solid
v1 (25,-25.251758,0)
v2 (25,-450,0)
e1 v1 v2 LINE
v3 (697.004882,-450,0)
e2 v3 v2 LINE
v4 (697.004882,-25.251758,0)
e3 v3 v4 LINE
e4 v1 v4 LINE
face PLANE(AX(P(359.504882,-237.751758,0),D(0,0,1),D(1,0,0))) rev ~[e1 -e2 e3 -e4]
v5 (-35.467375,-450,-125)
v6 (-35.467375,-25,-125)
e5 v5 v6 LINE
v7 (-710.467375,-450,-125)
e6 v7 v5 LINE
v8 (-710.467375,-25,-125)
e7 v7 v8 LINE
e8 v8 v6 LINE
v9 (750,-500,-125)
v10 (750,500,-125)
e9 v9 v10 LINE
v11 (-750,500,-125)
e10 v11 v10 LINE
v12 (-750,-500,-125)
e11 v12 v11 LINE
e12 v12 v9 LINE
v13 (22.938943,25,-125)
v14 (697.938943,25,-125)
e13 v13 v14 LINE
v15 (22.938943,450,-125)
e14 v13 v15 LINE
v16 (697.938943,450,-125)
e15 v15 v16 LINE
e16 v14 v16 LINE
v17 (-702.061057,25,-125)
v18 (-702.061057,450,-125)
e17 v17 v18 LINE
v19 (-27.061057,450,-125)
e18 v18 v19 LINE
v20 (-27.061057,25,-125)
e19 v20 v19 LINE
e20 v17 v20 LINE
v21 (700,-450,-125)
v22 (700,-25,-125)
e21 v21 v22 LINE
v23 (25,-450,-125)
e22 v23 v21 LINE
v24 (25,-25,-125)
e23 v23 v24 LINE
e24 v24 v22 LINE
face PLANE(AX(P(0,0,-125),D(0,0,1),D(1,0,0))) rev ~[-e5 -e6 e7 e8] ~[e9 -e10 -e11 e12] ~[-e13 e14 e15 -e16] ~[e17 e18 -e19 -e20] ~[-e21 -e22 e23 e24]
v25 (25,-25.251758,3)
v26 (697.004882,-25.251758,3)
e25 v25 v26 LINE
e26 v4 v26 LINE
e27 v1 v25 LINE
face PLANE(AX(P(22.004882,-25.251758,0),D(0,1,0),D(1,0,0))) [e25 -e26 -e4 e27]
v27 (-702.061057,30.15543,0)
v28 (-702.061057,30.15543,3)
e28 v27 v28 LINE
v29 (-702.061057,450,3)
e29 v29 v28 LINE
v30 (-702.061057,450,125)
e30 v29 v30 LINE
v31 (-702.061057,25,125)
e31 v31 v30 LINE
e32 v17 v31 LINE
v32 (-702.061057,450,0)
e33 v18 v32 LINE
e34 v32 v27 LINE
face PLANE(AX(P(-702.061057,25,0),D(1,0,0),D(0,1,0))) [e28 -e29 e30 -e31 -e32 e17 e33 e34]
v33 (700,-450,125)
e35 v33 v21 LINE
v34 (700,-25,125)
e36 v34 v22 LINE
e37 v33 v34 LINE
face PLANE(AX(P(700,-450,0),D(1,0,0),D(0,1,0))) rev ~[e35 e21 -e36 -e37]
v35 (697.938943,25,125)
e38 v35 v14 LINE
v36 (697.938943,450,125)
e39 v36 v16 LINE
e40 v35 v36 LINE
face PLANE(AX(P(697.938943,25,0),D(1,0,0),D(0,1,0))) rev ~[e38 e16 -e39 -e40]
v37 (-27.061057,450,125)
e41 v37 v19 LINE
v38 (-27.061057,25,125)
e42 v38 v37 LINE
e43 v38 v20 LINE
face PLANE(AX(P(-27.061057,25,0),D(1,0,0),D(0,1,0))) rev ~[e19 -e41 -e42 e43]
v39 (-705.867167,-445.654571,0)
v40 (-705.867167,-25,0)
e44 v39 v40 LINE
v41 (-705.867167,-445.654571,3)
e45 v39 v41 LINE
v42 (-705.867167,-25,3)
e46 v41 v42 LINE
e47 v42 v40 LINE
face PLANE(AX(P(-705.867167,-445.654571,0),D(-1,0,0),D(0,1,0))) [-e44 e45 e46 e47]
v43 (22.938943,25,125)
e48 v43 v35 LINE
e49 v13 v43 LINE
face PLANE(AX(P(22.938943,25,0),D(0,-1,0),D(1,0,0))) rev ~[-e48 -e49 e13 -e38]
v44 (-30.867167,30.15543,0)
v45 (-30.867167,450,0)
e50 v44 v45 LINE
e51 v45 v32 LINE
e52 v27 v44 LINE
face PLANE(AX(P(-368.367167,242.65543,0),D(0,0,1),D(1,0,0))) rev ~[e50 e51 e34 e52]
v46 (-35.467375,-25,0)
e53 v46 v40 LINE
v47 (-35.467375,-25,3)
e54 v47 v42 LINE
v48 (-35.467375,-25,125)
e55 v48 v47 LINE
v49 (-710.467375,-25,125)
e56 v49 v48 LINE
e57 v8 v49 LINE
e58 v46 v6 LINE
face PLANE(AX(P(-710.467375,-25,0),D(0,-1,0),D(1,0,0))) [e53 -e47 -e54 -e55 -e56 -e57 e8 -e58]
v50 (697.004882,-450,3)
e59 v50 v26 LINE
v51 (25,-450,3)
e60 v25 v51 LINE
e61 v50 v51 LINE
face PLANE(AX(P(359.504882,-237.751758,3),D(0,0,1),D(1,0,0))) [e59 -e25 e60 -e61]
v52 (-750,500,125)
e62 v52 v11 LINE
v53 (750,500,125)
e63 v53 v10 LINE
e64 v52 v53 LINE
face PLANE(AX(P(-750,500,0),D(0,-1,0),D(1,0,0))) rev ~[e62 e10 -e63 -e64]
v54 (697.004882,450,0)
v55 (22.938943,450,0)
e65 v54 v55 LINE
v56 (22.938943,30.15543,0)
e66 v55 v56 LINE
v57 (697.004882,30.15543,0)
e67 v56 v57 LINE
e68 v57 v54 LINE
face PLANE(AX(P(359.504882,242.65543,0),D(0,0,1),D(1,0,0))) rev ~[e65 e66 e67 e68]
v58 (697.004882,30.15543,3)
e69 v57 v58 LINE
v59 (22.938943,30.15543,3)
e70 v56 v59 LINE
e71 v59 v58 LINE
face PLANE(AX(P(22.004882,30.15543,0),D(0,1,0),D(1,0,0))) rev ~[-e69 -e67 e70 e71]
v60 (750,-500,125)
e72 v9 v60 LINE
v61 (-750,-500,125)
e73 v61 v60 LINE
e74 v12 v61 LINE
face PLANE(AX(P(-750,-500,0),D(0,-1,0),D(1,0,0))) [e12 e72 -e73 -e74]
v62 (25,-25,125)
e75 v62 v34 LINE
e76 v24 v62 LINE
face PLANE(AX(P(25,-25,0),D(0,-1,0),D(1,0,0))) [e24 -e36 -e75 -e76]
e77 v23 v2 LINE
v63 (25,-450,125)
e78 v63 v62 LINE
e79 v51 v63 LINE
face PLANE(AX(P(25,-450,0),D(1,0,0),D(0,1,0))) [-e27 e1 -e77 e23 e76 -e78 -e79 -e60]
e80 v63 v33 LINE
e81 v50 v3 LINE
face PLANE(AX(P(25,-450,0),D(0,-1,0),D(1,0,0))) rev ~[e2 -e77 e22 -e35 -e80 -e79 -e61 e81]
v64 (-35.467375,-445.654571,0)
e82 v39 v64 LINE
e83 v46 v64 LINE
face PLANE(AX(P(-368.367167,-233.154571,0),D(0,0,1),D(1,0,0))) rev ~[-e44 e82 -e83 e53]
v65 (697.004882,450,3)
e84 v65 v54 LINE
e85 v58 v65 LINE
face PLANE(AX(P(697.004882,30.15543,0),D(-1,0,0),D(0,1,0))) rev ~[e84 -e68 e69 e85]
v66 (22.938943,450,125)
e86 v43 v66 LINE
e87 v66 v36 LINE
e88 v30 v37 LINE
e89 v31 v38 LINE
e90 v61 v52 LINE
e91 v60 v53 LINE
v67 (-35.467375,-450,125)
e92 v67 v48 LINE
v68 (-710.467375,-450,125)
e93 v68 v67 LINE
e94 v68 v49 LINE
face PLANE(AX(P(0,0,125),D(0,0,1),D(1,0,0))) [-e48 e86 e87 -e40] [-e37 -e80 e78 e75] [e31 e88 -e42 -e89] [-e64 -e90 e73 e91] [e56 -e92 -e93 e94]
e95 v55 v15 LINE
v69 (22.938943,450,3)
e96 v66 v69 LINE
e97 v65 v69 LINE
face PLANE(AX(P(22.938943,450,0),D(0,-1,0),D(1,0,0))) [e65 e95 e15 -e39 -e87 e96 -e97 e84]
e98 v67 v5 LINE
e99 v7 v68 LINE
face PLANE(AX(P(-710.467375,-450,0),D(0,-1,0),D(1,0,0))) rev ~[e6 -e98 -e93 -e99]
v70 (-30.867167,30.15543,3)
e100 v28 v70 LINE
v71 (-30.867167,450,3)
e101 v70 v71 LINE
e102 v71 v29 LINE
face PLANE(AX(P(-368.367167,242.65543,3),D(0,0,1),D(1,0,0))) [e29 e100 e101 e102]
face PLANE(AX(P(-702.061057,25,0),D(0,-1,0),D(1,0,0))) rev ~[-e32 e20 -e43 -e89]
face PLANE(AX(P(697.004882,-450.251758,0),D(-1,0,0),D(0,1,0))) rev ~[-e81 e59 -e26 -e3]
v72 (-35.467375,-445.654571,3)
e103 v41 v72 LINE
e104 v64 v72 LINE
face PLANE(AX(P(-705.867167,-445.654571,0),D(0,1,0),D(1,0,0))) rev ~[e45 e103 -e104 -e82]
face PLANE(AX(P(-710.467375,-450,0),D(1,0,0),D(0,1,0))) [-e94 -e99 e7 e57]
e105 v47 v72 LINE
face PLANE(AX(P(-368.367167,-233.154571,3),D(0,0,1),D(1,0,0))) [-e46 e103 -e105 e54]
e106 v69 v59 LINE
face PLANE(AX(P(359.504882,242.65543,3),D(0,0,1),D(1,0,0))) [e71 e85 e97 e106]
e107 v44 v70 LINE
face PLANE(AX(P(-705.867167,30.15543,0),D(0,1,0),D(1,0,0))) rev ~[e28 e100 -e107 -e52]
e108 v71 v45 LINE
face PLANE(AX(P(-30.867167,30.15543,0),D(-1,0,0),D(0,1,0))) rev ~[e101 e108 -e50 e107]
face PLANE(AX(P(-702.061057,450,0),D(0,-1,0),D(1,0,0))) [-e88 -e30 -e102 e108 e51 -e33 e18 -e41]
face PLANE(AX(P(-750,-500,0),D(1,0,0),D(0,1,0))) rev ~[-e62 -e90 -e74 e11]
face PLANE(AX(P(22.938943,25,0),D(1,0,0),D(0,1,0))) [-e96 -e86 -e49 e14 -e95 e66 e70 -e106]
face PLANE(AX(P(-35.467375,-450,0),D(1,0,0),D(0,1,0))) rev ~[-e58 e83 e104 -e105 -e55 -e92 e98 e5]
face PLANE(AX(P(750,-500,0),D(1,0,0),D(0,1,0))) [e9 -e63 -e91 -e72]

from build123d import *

# Parameters (mm, degrees)
F0_W     = 1500
F0_H     = 1000
F0_W_2   = 675
F0_H_2   = 425
F1_DEPTH = 125
F2_W     = 675
F2_H     = 425
F3_DEPTH = 3


with BuildPart() as f1:
    # F0 (on Top) → F1 (new body, symmetric)
    with BuildSketch(Plane.XY):
        Rectangle(F0_W, F0_H)
        with Locations((-372.967375, -237.5)):
            Rectangle(F0_W_2, F0_H_2, mode=Mode.SUBTRACT)
        with Locations((362.5, -237.5)):
            Rectangle(F0_W_2, F0_H_2, mode=Mode.SUBTRACT)
        with Locations((-364.561057, 237.5)):
            Rectangle(F0_W_2, F0_H_2, mode=Mode.SUBTRACT)
        with Locations((360.438943, 237.5)):
            Rectangle(F0_W_2, F0_H_2, mode=Mode.SUBTRACT)
    extrude(amount=F1_DEPTH, both=True)

    # F2 (on Top) → F3 (join)
    with BuildSketch(Plane.XY):
        with Locations((-368.367167, 242.65543)):
            Rectangle(F2_W, F2_H)
        with Locations((-368.367167, -233.154571)):
            Rectangle(F2_W, F2_H)
        with Locations((359.504882, 242.65543)):
            Rectangle(F2_W, F2_H)
        with Locations((359.504882, -237.751758)):
            Rectangle(F2_W, F2_H)
    extrude(amount=F3_DEPTH)


solid = f1.part
